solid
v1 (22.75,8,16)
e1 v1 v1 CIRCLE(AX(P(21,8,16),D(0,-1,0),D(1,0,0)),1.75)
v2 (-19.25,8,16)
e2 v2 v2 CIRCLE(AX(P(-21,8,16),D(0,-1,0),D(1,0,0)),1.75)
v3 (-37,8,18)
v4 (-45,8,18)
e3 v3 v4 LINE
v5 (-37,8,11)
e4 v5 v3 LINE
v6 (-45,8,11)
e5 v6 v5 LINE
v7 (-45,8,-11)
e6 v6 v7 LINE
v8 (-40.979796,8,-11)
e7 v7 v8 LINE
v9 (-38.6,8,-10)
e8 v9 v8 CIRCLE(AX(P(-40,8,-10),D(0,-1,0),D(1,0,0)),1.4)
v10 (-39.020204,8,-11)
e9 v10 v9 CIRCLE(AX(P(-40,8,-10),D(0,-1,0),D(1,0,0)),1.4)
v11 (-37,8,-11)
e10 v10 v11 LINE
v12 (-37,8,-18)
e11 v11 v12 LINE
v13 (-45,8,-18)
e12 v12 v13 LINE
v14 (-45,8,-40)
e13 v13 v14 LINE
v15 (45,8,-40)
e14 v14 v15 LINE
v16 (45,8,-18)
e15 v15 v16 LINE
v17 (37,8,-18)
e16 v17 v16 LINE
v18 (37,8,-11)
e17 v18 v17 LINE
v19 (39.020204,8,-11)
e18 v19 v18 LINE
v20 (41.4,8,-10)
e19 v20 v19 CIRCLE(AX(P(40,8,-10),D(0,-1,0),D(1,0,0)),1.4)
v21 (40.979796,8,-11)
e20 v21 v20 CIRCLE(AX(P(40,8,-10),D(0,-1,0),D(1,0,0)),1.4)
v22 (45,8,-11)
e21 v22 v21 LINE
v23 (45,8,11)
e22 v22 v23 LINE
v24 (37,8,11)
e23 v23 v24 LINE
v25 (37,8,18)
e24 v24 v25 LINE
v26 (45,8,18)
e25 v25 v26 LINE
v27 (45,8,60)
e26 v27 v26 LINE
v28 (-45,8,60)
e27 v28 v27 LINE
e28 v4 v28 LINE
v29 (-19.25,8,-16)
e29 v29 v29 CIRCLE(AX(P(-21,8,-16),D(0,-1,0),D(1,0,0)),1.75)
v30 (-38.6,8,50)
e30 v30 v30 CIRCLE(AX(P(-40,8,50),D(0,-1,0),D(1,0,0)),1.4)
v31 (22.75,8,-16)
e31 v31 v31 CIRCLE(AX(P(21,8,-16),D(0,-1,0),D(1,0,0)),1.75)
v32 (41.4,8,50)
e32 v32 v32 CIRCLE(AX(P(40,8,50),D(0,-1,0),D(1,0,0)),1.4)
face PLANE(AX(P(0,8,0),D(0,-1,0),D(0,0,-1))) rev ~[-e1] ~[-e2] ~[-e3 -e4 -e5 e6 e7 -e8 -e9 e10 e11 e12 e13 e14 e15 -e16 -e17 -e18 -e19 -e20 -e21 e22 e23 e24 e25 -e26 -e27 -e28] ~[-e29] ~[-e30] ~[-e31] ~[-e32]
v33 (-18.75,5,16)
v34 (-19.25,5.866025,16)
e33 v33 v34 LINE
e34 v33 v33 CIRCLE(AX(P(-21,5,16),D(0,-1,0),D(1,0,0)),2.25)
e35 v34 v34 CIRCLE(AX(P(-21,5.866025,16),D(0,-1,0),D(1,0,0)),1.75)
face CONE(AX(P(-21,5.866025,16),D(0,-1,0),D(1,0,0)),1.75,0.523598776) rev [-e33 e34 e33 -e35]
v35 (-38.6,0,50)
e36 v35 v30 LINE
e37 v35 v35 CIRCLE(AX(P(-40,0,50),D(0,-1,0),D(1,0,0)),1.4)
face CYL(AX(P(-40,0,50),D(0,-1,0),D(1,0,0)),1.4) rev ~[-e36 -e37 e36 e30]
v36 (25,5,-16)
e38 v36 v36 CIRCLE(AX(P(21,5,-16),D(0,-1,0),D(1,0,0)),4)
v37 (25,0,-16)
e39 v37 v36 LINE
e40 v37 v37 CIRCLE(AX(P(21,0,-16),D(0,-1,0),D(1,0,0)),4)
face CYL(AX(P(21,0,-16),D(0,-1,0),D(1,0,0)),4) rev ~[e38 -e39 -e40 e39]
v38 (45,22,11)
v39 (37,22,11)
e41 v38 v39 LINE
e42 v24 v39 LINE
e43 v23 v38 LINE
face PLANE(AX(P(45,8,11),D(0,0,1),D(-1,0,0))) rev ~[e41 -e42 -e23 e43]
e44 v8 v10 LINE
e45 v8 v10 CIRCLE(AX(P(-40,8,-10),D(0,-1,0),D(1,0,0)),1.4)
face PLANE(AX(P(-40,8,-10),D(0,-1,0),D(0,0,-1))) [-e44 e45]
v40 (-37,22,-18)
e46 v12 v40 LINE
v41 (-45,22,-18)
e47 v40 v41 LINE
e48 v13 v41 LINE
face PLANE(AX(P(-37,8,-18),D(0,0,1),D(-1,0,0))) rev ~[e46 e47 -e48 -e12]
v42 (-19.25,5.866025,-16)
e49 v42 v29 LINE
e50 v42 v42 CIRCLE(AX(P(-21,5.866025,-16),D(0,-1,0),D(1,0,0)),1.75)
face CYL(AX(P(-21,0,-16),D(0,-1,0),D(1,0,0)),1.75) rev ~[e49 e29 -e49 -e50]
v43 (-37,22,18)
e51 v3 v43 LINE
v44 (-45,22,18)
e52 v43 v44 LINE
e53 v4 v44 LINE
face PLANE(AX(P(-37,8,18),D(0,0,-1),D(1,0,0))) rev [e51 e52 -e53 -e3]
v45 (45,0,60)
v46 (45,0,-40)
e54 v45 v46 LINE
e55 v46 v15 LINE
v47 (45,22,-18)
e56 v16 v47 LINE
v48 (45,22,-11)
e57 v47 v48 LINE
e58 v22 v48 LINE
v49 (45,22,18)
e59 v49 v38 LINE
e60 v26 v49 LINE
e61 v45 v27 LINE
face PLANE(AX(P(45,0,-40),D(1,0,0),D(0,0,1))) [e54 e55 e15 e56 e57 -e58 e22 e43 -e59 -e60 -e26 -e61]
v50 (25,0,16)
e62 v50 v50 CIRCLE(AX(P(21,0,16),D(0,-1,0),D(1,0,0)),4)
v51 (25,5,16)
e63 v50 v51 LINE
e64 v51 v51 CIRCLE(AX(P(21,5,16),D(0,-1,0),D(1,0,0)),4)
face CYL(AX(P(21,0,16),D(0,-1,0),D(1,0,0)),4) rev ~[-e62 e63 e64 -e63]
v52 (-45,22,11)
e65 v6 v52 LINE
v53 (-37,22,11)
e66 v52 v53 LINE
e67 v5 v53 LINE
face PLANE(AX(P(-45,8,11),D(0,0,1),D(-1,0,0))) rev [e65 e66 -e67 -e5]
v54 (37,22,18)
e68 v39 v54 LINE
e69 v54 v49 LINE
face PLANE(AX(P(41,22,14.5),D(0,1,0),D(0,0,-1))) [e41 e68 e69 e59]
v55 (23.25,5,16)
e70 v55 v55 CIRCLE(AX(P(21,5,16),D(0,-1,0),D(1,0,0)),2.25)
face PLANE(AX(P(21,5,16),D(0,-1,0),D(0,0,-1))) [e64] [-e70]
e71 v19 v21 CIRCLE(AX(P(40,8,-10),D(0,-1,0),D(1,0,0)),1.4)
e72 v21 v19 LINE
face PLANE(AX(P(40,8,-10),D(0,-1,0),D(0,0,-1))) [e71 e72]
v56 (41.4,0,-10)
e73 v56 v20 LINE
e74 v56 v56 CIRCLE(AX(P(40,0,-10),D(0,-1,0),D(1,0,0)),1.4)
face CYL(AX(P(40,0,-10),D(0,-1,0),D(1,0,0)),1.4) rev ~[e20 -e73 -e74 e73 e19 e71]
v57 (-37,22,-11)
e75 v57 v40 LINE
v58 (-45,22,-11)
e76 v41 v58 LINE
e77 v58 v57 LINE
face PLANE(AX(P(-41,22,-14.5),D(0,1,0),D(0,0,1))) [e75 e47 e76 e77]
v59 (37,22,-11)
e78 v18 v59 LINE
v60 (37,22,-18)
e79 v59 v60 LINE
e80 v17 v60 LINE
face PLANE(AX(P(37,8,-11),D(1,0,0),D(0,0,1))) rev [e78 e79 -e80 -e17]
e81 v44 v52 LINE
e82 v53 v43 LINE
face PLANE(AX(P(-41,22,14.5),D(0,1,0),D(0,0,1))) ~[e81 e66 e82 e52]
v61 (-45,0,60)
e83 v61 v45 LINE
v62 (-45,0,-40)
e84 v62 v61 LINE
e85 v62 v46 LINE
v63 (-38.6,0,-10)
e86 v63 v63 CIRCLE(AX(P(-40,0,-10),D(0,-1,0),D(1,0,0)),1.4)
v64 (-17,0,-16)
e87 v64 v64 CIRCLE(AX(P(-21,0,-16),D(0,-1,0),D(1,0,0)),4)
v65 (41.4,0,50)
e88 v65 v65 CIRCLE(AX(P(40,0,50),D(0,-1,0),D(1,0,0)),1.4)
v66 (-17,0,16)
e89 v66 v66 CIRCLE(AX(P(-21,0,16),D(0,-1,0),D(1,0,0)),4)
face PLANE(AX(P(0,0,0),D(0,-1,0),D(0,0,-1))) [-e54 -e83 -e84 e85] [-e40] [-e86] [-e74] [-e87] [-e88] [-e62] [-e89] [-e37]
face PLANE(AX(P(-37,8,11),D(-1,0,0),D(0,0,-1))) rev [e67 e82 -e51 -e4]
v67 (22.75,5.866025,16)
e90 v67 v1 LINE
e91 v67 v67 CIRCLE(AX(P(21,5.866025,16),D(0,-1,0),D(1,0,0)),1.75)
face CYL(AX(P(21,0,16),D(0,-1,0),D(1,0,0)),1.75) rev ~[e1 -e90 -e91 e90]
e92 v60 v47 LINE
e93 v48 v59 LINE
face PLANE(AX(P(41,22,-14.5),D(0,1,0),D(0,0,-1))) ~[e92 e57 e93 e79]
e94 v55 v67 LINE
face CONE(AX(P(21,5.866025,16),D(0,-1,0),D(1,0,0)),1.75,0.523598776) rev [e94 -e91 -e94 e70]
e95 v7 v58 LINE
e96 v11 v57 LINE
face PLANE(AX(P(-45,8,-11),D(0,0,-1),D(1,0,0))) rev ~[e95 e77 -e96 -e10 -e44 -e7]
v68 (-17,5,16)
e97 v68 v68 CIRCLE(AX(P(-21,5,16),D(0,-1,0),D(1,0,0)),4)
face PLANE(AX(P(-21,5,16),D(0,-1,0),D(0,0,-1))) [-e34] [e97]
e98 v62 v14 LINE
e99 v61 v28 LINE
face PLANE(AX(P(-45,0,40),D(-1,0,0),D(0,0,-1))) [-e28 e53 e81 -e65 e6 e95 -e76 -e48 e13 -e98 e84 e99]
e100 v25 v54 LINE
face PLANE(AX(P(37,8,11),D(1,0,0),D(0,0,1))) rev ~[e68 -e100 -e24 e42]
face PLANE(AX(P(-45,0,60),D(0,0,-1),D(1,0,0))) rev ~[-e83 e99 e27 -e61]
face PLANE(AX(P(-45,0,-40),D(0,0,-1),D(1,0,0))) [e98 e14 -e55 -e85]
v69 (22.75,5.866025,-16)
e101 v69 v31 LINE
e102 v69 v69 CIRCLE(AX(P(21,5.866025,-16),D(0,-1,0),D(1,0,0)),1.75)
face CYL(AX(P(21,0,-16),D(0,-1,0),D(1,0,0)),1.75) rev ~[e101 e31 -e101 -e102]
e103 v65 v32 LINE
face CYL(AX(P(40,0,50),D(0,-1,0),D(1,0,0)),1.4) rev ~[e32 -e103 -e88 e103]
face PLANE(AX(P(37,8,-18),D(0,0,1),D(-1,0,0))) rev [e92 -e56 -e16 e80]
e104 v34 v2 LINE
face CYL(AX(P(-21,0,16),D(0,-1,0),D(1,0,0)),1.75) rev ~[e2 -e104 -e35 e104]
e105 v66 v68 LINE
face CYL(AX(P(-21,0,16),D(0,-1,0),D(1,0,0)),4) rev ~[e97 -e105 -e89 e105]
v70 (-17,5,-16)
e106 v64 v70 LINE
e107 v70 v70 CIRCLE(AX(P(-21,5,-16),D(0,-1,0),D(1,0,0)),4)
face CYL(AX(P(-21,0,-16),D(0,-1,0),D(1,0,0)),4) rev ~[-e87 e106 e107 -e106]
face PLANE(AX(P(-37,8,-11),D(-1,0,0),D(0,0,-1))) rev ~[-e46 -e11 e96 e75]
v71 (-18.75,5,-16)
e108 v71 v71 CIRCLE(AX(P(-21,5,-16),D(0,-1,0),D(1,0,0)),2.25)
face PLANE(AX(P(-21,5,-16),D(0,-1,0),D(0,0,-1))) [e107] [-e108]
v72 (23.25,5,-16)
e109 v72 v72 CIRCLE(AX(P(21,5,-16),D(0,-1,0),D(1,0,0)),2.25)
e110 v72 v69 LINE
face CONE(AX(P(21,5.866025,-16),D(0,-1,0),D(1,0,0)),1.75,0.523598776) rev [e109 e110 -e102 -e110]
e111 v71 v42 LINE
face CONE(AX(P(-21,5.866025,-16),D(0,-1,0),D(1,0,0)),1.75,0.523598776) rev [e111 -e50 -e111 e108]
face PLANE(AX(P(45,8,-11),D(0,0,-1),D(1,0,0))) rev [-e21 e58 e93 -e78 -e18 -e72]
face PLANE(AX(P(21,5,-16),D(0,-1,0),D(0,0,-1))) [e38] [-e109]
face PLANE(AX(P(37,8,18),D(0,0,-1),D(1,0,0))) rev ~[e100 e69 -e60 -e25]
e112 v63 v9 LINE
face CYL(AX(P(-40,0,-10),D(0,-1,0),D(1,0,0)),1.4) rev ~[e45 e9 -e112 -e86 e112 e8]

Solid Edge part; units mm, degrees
sketch "Sketch1" plane through (0, 0, 0) normal (0, -1, 0) x (1, 0, 0)
  line L0 (-45, -40) -> (45, -40)
  line L1 (45, -40) -> (45, 40)
  line L2 (45, 40) -> (-45, 40)
  line L3 (-45, 40) -> (-45, -40)
  dimension "D1" = 90
  dimension "D2" = 80
extrude "Protrusion1" add sketch "Sketch1" against normal blind 8
sketch "Sketch2" plane through (0, 0, 0) normal (0, -1, 0) x (1, 0, 0)
  circle A0 centre (-21, 16) radius 4
  circle A1 centre (-21, -16) radius 4
  circle A2 centre (21, -16) radius 4
  circle A3 centre (21, 16) radius 4
extrude "Extrusionsausschnitt_2" cut sketch "Sketch2" against normal blind 5
sketch "Sketch3" plane through (0, 0, 0) normal (0, -1, 0) x (1, 0, 0)
  circle A0 centre (-21, 16) radius 1.75
  circle A1 centre (-21, -16) radius 1.75
  circle A2 centre (21, -16) radius 1.75
  circle A3 centre (21, 16) radius 1.75
  dimension "D1" = 3.5
extrude "Cutout1" cut sketch "Sketch3" against normal through all
chamfer "Fase_1" [suppressed]
chamfer "Fase_2" [suppressed]
chamfer "Fase_4" distance 0.5 angle 60 4 edges at (-21, 5, 14.25) (-21, 5, -17.75) (21, 5, 14.25) (21, 5, -17.75) measured on face at (-23.5867, 5, 18.7467) measured on face at (-23.5867, 5, -13.2533) measured on face at (18.4133, 5, 18.7467) measured on face at (18.4133, 5, -13.2533)
sketch "Sketch4" plane through (0, 8, 0) normal (0, 1, 0) x (1, 0, 0)
  line L0 (-45, 11) -> (-37, 11)
  line L1 (-37, 11) -> (-37, 18)
  line L2 (-37, 18) -> (-45, 18)
  line L3 (-45, 18) -> (-45, 11)
  dimension "D1" = 11
  dimension "D2" = 8
  dimension "D3" = 18
extrude "Extrusionsausprägung_2" add sketch "Sketch4" along normal blind 14
mirror "Mirror1" about plane through (0, 0, 0) normal (0, 0, 1) of "Extrusionsausprägung_2"
mirror "Mirror2" about plane through (0, 0, 0) normal (1, 0, 0) of "Extrusionsausprägung_2", "Mirror1"
sketch "Sketch5" plane through (0, 0, 0) normal (0, -1, 0) x (-1, 0, 0)
  line L0 (-45, -40) -> (45, -40)
  line L1 (45, -40) -> (45, -60)
  line L2 (45, -60) -> (-45, -60)
  line L3 (-45, -60) -> (-45, -40)
  dimension "D1" = 20
extrude "Protrusion5" add sketch "Sketch5" against normal up to vertex (8 mm away)
sketch "Sketch6" plane through (0, 0, 0) normal (0, -1, 0) x (1, 0, 0)
  circle A0 centre (-40, -10) radius 1.4
  circle A1 centre (40, -10) radius 1.4
  circle A2 centre (40, 50) radius 1.4
  circle A3 centre (-40, 50) radius 1.4
  dimension "D1" = 2.8
  dimension "D2" = 60
  dimension "D3" = 80
  dimension "D4" = 30
extrude "Cutout2" cut sketch "Sketch6" against normal up to vertex (8 mm away)
properties material "Nylon, allgemein"
